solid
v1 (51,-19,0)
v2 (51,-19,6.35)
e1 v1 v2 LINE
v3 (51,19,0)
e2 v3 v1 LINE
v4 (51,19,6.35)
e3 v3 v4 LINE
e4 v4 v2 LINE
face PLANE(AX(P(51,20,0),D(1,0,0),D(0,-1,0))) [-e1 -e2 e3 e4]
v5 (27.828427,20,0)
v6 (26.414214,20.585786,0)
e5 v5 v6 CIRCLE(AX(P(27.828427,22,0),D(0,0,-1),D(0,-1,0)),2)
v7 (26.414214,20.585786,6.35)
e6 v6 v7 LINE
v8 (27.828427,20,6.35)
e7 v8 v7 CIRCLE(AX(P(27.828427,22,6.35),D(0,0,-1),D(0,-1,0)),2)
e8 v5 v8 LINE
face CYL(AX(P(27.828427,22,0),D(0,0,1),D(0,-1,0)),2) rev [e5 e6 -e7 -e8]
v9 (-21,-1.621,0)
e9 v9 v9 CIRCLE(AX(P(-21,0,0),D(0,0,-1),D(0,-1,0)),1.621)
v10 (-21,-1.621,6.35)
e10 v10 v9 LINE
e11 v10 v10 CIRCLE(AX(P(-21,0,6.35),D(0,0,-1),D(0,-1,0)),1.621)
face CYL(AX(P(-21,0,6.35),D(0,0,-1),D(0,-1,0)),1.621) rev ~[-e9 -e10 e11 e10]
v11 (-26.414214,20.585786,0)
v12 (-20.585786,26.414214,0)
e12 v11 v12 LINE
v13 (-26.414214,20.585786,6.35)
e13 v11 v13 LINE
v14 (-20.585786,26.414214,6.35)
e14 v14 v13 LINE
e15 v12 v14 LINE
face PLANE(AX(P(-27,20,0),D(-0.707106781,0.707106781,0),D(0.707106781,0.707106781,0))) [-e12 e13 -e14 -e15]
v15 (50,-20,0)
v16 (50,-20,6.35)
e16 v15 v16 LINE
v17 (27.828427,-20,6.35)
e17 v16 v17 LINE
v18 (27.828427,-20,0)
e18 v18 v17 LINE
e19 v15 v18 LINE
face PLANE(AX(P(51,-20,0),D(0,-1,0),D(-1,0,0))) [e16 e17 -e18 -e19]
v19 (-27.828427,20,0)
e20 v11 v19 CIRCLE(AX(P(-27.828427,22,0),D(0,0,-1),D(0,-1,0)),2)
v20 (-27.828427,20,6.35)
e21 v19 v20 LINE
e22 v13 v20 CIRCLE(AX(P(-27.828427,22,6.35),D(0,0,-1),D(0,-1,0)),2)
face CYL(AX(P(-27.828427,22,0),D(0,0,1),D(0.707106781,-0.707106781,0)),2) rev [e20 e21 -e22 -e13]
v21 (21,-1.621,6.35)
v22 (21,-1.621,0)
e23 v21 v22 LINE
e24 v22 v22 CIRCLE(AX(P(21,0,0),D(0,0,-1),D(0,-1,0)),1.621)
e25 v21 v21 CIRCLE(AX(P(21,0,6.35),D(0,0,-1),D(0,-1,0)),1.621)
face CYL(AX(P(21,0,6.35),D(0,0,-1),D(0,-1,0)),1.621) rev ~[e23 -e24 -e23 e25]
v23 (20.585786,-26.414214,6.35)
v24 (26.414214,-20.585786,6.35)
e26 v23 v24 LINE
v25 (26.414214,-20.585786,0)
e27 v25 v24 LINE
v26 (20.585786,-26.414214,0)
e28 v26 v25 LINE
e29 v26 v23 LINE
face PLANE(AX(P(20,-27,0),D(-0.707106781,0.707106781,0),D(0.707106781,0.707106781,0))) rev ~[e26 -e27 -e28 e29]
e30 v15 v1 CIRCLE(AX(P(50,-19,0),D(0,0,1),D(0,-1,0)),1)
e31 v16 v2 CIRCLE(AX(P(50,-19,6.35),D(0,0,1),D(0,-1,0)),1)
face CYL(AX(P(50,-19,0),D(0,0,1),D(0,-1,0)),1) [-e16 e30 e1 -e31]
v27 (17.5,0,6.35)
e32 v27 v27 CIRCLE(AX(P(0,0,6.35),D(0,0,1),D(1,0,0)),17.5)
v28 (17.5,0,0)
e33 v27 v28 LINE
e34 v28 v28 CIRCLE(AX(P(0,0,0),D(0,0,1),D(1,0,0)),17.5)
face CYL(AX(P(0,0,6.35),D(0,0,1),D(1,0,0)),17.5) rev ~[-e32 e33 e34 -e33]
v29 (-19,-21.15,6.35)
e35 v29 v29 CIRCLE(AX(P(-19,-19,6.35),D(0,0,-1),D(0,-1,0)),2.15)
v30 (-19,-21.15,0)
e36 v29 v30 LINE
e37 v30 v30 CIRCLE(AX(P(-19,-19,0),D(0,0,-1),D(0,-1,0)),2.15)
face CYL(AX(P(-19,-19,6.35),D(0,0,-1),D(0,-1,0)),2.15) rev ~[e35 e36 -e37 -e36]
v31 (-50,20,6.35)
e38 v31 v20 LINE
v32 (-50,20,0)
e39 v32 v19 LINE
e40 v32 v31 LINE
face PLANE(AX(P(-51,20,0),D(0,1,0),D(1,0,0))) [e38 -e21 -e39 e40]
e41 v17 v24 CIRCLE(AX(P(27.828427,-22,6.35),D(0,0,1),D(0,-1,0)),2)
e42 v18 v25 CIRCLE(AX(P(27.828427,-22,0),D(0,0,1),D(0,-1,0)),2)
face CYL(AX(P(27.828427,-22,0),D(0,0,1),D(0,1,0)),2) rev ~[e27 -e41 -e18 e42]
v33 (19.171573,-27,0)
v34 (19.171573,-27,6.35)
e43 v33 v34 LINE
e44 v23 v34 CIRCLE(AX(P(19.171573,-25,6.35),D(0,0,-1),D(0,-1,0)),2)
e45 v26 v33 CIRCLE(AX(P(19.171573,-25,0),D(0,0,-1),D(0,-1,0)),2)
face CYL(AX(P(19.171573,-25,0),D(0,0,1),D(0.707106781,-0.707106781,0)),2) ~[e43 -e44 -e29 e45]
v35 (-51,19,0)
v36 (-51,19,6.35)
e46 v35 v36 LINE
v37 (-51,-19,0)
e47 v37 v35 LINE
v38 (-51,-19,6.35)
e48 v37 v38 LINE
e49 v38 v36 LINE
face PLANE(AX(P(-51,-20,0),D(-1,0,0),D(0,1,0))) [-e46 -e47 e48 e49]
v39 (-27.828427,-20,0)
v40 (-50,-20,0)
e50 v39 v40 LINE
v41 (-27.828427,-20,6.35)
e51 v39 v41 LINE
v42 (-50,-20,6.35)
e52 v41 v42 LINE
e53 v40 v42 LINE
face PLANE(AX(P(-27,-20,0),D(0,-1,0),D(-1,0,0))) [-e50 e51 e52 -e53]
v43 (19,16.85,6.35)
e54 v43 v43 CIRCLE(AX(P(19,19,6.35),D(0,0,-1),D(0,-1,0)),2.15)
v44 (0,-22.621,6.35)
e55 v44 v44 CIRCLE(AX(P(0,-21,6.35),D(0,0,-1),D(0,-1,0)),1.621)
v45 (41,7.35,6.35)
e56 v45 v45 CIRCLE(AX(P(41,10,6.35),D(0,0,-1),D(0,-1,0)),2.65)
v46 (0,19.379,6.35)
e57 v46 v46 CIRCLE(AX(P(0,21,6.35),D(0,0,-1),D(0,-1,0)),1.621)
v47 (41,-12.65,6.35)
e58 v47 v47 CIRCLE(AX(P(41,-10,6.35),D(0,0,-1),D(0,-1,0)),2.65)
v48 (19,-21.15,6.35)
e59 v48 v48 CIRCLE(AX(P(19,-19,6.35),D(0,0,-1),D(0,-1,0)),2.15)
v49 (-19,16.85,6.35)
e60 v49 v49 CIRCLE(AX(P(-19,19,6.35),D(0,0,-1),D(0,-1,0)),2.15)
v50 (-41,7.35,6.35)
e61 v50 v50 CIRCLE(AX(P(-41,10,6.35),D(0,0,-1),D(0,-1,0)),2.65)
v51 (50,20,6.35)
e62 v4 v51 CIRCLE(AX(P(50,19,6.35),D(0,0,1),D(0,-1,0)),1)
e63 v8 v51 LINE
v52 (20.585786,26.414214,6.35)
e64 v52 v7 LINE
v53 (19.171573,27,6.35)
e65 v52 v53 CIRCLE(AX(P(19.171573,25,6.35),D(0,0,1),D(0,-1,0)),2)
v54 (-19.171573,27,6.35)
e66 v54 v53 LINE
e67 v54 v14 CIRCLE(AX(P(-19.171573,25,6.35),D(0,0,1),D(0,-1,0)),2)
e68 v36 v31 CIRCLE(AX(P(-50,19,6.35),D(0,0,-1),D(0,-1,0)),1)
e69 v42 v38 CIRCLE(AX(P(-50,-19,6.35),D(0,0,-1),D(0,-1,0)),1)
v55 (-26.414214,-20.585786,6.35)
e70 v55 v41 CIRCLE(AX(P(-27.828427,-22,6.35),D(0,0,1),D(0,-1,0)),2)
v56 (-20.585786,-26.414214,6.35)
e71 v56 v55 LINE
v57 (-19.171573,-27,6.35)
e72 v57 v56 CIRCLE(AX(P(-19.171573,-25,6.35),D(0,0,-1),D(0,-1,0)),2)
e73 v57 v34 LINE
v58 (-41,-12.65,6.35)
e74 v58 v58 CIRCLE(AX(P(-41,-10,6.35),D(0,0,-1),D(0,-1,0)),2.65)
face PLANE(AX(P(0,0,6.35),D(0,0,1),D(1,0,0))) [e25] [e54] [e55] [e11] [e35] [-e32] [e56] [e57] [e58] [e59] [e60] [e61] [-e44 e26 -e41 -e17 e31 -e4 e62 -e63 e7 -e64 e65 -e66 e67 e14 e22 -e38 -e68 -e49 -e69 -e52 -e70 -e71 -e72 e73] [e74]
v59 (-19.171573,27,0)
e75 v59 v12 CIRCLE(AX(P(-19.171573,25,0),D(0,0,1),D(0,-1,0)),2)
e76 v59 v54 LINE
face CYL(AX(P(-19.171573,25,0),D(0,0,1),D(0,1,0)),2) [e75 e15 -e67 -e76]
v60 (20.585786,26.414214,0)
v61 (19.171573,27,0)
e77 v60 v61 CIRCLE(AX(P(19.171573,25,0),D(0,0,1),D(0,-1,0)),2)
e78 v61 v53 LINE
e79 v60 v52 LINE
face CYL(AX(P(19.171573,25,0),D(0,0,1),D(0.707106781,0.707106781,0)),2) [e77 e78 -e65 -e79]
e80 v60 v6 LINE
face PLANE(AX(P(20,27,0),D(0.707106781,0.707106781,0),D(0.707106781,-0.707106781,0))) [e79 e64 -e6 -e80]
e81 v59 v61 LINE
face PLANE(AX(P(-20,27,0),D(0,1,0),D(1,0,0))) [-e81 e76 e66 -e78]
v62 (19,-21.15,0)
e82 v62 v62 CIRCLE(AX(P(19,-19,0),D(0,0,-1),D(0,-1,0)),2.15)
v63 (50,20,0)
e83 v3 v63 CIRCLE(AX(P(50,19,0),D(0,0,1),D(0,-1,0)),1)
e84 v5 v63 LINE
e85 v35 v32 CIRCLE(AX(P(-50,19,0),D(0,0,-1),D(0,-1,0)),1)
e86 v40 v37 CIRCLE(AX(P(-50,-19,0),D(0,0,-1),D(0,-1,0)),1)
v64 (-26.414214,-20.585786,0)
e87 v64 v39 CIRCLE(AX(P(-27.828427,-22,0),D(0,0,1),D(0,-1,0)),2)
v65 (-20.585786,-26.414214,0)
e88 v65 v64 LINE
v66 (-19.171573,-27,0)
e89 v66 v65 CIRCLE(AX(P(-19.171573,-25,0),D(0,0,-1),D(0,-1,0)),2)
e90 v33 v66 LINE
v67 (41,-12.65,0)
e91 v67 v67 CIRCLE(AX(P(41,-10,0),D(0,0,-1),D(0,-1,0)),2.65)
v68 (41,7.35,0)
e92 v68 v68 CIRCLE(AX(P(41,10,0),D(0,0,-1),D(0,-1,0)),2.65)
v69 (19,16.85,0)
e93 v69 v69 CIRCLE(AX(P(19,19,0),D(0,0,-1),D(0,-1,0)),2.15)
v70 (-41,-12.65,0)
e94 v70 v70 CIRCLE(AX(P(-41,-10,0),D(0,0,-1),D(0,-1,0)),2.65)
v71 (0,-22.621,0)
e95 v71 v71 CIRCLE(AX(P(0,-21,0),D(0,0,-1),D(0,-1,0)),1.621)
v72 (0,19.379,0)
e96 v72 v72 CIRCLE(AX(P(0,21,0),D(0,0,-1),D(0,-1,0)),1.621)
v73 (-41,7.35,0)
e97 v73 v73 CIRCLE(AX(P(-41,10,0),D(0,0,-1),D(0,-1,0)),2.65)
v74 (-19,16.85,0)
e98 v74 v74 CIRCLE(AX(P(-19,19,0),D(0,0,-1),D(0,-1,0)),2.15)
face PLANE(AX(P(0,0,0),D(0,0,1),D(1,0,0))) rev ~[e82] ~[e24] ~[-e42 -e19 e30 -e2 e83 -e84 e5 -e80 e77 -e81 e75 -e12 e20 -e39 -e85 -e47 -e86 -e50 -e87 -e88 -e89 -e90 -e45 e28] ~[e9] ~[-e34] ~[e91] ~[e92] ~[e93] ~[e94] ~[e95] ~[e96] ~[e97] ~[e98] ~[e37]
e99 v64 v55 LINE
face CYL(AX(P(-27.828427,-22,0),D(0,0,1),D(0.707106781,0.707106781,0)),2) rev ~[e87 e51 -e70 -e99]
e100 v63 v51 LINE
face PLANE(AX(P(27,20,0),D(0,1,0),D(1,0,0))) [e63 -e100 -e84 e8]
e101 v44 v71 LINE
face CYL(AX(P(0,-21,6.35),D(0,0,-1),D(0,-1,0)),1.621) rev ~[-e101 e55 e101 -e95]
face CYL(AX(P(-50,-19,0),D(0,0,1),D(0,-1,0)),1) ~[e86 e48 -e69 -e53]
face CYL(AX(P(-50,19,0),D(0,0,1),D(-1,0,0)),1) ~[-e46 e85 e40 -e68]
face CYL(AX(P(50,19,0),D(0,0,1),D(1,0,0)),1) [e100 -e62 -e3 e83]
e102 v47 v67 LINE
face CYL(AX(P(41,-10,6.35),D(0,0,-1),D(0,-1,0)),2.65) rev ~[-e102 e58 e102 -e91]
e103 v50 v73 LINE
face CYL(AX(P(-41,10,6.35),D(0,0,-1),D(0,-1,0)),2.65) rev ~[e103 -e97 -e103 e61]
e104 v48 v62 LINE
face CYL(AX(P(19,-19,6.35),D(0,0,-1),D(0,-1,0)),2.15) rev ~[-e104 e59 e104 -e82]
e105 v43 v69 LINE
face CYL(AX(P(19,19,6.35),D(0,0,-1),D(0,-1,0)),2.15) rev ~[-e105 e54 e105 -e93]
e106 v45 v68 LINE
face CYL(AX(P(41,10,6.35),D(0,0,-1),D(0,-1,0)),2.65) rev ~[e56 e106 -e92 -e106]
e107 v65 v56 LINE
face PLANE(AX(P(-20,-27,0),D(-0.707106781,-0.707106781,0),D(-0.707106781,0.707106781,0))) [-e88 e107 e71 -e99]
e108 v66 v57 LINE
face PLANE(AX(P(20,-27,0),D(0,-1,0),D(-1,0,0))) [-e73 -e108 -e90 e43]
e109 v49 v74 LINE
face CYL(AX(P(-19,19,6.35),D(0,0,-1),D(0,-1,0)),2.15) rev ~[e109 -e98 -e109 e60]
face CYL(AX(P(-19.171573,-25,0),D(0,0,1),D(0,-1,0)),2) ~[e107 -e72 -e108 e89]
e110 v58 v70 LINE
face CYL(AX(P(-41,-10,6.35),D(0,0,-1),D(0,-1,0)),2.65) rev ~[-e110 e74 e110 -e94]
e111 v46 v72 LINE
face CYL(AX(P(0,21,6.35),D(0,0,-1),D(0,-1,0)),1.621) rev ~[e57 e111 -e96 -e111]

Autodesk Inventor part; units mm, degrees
ref_plane "YZ Plane" through (0, 0, 0) normal (1, 0, 0) x (0, 1, 0)
ref_plane "XZ Plane" through (0, 0, 0) normal (0, 1, 0) x (-1, 0, 0)
ref_plane "XY Plane" through (0, 0, 0) normal (0, 0, 1) x (1, 0, 0)
sketch "Sketch1" plane through (0, 0, 0) normal (0, 0, 1) x (1, 0, 0)
  line L0 (51, -20) -> (-51, -20)
  line L1 (-51, -20) -> (-51, 20)
  line L2 (-51, 20) -> (51, 20)
  line L3 (51, 20) -> (51, -20)
  line L4 (51, -20) -> (-51, 20) construction
  line L5 (-51, -20) -> (51, 20) construction
  line L6 (21, -21) -> (-21, -21) construction
  line L7 (-21, -21) -> (-21, 21) construction
  line L8 (-21, 21) -> (21, 21) construction
  line L9 (21, 21) -> (21, -21) construction
  line L10 (21, -21) -> (-21, 21) construction
  line L11 (-21, -21) -> (21, 21) construction
  line L12 (29.6985, 0) -> (0, 29.6985) construction
  line L13 (0, 29.6985) -> (-29.6985, 0) construction
  line L14 (-29.6985, 0) -> (0, -29.6985) construction
  line L15 (0, -29.6985) -> (29.6985, 0) construction
  line L16 (29.6985, 0) -> (-29.6985, 0) construction
  line L17 (0, 29.6985) -> (0, -29.6985) construction
  circle A0 centre (0, 0) radius 26 construction
  line L18 (20, -27) -> (-20, -27)
  line L19 (-27, -20) -> (-27, 20)
  line L20 (-20, 27) -> (20, 27)
  line L21 (27, 20) -> (27, -20)
  line L22 (27, -27) -> (-27, 27) construction
  line L23 (-27, -27) -> (27, 27) construction
  line L24 (24.4641, -27) -> (17.5359, -27)
  line L25 (-27, 20) -> (-20, 27)
  line L26 (20, 27) -> (27, 20)
  line L27 (20, -27) -> (27, -20)
  line L28 (-20, -27) -> (-27, -20)
  circle A1 centre (-21, 21) radius 3.5355
  point P0 (28.5056, -20)
  point P1 (27, 20)
  point P2 (27, -20)
  point P3 (27, 20)
  point P4 (-27, -20)
  point P5 (27, -20)
  point P6 (-27, -20)
  dimension "d0" = 102
  dimension "d1" = 40
  dimension "d2" = 42
  dimension "d3" = 42
  dimension "d4" = 42
  dimension "d5" = 42
  dimension "d6" = 52
  dimension "d8" = 54
  dimension "d43" = 7
  dimension "d44" = 7
  dimension "d45" = 7
  dimension "d46" = 7
  dimension "d47" = 7
  dimension "d48" = 7
  dimension "d49" = 7
  dimension "d50" = 7
  dimension "d51" = 7
  dimension "d52" = 6
  dimension "d53" = 6
extrude "Extrusion1" add sketch "Sketch1" along normal blind 6.35
fillet "Fillet1" radius 1 4 edges at (-51, 20, 3.175) (-51, -20, 3.175) (51, 20, 3.175) (51, -20, 3.175)
fillet "Fillet2" radius 2 8 edges at (-20, -27, 3.175) (-20, 27, 3.175) (20, 27, 3.175) (20, -27, 3.175) (-27, -20, 3.175) (-27, 20, 3.175) (27, -20, 3.175) (27, 20, 3.175)
sketch "Sketch2" plane through (0, 0, 6.35) normal (0, 0, 1) x (1, 0, 0)
  circle A0 centre (0, 0) radius 17.5
  dimension "d13" = 35
extrude "Extrusion2" cut sketch "Sketch2" against normal through all
sketch "Sketch3" plane through (0, 0, 6.35) normal (0, 0, 1) x (1, 0, 0)
  circle A0 centre (0, 0) radius 21 construction
  circle A1 centre (0, 0) radius 17.5 projected
  line L0 (0, -21) -> (21, 0) construction
  line L1 (21, 0) -> (0, 21) construction
  line L2 (0, 21) -> (-21, 0) construction
  line L3 (-21, 0) -> (0, -21) construction
  line L4 (0, -21) -> (0, 21) construction
  line L5 (21, 0) -> (-21, 0) construction
  dimension "d17" = 42
hole "Hole1" at (0, 21, 6.35) at (21, 0, 6.35) at (0, -21, 6.35) at (-21, 0, 6.35) direction (0, 0, -1) diameter 3.242 end through all thread size "M4x0.7" class "6H" standard "ANSI Metric M Profile"
sketch "Sketch4" plane through (0, 0, 6.35) normal (0, 0, 1) x (1, 0, 0)
  line L0 (41, -10) -> (-41, -10)
  line L1 (-41, -10) -> (-41, 10)
  line L2 (-41, 10) -> (41, 10)
  line L3 (41, 10) -> (41, -10)
  line L4 (41, -10) -> (-41, 10) construction
  line L5 (-41, -10) -> (41, 10) construction
  line L6 (-51, 19) -> (-51, -19) projected
  point P0 (0, 0)
  dimension "d25" = 20
  dimension "d26" = 10
hole "Hole2" at (-41, 10, 6.35) at (-41, -10, 6.35) at (41, 10, 6.35) at (41, -10, 6.35) direction (0, 0, -1) diameter 5.3 end through all
sketch "Sketch5" plane through (0, 0, 6.35) normal (0, 0, 1) x (1, 0, 0)
  line L0 (19, -19) -> (-19, -19)
  line L1 (-19, -19) -> (-19, 19)
  line L2 (-19, 19) -> (19, 19)
  line L3 (19, 19) -> (19, -19)
  line L4 (19, -19) -> (-19, 19) construction
  line L5 (-19, -19) -> (19, 19) construction
  point P0 (0, 0)
  dimension "d34" = 38
  dimension "d35" = 38
hole "Hole3" at (-19, 19, 6.35) at (19, 19, 6.35) at (19, -19, 6.35) at (-19, -19, 6.35) direction (0, 0, -1) diameter 4.3 end through all
equation "\"d44\" = d43"
equation "\"d45\" = d44"
equation "\"d46\" = d44"
equation "\"d47\" = d46"
equation "\"d48\" = d44"
equation "\"d49\" = d48"
equation "\"d50\" = d44"
equation "\"d51\" = d50"
equation "\"d53\" = d52"
properties part number "Z-Axis Motor Plate" material "Aluminum 6061"
